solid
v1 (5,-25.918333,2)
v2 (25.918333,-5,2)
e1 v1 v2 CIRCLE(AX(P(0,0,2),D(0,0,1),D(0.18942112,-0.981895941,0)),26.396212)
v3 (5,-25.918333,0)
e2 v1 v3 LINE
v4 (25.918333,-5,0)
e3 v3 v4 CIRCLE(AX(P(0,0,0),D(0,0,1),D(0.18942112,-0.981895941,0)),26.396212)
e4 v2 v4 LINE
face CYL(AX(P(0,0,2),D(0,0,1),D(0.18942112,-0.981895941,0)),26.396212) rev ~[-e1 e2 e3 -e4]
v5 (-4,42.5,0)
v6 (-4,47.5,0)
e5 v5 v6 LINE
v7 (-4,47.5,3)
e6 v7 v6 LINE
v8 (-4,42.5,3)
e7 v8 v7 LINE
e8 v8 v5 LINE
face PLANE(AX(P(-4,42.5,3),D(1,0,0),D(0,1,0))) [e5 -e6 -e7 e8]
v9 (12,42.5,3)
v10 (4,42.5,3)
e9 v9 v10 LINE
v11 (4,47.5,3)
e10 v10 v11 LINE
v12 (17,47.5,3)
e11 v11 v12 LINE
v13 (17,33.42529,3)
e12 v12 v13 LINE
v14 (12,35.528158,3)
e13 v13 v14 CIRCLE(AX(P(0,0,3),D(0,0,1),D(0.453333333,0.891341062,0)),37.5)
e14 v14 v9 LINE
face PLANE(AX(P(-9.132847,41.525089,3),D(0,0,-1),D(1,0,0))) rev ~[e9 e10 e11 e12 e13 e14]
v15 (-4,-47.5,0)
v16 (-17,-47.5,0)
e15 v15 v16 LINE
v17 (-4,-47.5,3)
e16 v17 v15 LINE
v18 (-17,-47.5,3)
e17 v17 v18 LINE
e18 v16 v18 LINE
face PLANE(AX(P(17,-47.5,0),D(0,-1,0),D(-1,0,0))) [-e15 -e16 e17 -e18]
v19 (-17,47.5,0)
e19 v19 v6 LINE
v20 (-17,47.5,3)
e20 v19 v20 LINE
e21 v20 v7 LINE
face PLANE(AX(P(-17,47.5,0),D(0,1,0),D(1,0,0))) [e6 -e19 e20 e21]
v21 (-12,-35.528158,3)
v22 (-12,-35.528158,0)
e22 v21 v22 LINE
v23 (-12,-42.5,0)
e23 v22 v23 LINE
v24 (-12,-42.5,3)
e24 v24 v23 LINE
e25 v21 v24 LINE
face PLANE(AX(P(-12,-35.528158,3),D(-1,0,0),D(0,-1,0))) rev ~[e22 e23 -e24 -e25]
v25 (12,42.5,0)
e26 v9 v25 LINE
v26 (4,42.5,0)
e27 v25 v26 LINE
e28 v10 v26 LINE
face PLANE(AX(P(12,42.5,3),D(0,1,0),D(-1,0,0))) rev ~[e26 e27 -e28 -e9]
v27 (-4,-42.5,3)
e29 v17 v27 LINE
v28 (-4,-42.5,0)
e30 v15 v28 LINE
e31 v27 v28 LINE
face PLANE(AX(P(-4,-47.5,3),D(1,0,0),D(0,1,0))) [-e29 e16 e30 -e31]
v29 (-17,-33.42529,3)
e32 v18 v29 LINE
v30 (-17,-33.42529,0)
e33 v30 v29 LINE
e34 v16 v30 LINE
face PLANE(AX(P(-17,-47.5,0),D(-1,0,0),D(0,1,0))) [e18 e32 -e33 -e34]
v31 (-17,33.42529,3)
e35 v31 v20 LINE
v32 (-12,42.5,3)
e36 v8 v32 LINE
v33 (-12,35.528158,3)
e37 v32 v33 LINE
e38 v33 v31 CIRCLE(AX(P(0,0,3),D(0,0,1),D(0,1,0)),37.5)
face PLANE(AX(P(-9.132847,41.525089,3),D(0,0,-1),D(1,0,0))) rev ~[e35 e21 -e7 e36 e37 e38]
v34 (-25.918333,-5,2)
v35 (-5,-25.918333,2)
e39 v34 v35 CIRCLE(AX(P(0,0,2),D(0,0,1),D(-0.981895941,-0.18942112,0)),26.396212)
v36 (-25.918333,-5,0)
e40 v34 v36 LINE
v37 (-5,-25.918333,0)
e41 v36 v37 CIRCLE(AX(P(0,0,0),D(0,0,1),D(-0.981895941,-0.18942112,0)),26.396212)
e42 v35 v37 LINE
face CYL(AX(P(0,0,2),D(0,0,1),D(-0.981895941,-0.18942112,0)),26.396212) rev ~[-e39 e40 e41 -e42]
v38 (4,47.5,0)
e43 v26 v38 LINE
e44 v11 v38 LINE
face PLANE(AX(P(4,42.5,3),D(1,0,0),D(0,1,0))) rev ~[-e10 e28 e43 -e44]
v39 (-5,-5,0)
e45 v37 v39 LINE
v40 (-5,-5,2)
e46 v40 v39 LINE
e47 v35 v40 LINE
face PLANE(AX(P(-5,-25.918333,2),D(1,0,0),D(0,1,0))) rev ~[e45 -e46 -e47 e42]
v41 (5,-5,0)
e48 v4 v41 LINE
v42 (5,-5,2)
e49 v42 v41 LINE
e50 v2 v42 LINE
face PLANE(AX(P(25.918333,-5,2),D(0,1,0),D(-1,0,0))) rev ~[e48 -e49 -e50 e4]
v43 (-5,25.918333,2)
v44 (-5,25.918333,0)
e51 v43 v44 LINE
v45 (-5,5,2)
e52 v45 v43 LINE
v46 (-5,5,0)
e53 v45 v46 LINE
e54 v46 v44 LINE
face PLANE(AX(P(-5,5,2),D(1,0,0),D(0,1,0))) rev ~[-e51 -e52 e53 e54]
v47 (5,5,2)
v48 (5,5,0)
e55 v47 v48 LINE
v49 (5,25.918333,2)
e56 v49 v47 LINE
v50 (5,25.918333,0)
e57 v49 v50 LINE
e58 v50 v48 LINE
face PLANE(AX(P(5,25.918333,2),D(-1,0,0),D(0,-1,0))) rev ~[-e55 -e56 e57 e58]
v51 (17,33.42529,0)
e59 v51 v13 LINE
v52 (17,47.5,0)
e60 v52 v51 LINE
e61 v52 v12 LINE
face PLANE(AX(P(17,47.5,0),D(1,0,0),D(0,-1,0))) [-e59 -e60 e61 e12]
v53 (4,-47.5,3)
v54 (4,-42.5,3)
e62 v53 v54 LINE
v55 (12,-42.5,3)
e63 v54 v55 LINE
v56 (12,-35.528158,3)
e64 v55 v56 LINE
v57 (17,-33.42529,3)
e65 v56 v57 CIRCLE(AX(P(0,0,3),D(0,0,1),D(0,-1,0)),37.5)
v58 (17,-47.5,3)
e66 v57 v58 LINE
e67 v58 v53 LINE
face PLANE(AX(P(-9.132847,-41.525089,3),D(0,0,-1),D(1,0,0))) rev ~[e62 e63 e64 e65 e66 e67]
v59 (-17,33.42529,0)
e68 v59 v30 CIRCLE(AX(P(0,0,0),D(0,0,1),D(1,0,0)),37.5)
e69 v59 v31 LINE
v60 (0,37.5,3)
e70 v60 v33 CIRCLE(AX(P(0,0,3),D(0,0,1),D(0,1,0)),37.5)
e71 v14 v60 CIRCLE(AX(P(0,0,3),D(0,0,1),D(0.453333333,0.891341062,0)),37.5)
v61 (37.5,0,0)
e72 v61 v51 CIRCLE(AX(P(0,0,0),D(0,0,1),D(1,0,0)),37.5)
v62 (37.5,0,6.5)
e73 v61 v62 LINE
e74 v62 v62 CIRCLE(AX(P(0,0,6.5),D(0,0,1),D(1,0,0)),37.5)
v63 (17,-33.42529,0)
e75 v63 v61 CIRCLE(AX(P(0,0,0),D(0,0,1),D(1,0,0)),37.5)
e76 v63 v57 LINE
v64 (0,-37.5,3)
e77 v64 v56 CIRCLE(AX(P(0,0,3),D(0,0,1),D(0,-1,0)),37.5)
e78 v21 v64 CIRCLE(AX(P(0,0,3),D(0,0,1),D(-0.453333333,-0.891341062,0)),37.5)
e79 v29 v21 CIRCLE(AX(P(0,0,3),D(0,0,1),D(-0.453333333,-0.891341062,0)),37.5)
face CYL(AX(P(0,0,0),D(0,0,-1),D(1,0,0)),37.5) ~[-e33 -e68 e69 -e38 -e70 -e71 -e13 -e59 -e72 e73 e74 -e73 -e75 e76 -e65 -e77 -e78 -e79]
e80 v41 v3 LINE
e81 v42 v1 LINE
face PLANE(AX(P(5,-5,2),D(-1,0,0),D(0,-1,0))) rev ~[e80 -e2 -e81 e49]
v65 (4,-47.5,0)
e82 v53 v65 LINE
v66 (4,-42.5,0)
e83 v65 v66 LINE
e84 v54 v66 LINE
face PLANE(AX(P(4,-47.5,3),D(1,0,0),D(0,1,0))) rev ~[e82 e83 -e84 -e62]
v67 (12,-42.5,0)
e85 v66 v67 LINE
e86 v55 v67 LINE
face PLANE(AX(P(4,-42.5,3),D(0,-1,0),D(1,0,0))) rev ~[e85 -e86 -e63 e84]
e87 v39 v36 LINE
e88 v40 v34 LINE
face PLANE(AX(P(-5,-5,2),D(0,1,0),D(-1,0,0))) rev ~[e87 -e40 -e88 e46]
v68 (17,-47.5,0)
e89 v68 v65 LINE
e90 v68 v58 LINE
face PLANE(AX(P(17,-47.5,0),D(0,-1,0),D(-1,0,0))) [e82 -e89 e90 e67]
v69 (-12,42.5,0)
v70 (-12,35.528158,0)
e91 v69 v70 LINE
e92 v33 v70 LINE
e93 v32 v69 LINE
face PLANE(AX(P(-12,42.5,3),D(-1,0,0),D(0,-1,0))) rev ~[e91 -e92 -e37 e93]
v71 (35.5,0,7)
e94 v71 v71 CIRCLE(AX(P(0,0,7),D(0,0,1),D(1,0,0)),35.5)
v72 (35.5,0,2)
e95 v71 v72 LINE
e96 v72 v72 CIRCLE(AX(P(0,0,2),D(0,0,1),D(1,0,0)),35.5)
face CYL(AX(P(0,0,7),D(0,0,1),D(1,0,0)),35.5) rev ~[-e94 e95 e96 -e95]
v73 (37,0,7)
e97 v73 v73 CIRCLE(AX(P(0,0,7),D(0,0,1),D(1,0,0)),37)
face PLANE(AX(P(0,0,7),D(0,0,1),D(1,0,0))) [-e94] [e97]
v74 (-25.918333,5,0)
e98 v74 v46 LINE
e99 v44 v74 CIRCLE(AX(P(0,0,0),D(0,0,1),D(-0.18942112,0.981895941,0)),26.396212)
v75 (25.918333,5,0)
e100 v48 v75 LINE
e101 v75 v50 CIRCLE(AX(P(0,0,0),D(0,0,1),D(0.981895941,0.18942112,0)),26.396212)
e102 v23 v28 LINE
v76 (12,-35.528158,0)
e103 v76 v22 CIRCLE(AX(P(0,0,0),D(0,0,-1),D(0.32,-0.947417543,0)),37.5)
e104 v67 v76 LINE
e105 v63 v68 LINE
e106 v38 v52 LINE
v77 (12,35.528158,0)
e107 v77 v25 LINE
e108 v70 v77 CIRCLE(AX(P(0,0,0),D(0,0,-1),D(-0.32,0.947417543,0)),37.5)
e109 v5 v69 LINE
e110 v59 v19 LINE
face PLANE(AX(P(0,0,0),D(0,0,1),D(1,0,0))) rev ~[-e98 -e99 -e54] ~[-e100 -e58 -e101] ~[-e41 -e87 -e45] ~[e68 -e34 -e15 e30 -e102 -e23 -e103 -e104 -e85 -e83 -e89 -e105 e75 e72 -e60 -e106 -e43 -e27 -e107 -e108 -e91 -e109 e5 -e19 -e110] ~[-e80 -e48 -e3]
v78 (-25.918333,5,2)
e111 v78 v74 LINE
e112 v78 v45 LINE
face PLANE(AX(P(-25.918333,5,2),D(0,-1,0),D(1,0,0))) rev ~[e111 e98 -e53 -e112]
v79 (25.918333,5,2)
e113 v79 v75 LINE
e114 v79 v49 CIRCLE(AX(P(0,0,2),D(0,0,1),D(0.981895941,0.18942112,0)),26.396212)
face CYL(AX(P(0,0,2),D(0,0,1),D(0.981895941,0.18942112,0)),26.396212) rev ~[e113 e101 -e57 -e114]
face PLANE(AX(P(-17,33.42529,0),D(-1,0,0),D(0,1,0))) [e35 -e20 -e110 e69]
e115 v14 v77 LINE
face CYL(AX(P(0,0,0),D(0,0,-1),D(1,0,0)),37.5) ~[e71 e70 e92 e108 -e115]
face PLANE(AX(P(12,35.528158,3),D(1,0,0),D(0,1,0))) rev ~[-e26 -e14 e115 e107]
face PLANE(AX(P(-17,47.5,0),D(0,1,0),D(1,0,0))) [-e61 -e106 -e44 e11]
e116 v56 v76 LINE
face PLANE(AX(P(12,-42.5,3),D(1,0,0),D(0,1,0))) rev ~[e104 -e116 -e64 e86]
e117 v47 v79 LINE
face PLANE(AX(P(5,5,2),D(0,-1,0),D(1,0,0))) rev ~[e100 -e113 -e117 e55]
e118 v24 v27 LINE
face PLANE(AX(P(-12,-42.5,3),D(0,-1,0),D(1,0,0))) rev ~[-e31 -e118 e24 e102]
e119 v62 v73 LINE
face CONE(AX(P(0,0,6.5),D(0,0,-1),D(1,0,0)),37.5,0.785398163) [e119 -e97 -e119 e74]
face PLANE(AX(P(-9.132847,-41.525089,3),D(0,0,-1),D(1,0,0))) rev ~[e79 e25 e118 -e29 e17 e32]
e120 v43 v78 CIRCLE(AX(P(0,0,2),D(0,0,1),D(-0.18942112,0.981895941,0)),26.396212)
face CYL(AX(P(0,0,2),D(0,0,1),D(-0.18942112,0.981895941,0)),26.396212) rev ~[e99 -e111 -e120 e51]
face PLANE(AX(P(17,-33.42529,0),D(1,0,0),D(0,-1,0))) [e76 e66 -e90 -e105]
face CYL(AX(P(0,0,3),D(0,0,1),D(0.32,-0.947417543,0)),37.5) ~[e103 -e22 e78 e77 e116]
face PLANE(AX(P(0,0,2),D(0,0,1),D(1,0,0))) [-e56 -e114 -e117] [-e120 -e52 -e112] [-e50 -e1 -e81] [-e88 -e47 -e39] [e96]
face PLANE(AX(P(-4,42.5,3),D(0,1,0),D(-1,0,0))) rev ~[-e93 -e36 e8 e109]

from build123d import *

# Parameters (mm, degrees)
F0_R      = 37.5
F1_DEPTH  = 7
F2_R      = 35.5
F3_DEPTH  = 5
F4_SIZE   = 0.5
F6_DEPTH  = 3
F7_W      = 4
F7_H      = 5
F8_DEPTH  = 3
F9_W      = 4
F9_H      = 5
F10_DEPTH = 3
F12_DEPTH = 2


with BuildPart() as f1:
    # F0 (on Top) → F1 (new body)
    with BuildSketch(Plane.XY):
        Circle(F0_R)
    extrude(amount=F1_DEPTH)

    # F2 (on face) → F3 (cut)
    with BuildSketch(Plane.XY.offset(7)):
        Circle(F2_R)
    extrude(amount=-F3_DEPTH, mode=Mode.SUBTRACT)

    # F4
    f4_edges = [f1.edges().sort_by_distance(p)[0] for p in [
        (-37.5, 0, 7),
    ]]
    chamfer(f4_edges, length=F4_SIZE)

    # F5 (on face) → F6 (join)
    with BuildSketch(Plane(origin=(0, 0, 0), x_dir=(1, 0, 0), z_dir=(0, 0, -1))):
        with BuildLine():
            ThreePointArc((-17, 33.4252898267), (-8.740756017, 36.467097283), (0, 37.5))
            Line((0, 37.5), (0, 47.5))
            Line((0, 47.5), (-17, 47.5))
            Line((-17, 47.5), (-17, 33.4252898267))
        make_face()
        with BuildLine():
            Line((0, 47.5), (0, 37.5))
            ThreePointArc((0, 37.5), (8.740756017, 36.467097283), (17, 33.4252898267))
            Line((17, 33.4252898267), (17, 47.5))
            Line((17, 47.5), (0, 47.5))
        make_face()
        with BuildLine():
            Line((0, -47.5), (0, -37.5))
            ThreePointArc((0, -37.5), (-8.740756017, -36.467097283), (-17, -33.4252898267))
            Line((-17, -33.4252898267), (-17, -47.5))
            Line((-17, -47.5), (0, -47.5))
        make_face()
        with BuildLine():
            ThreePointArc((17, -33.4252898267), (8.740756017, -36.467097283), (0, -37.5))
            Line((0, -37.5), (0, -47.5))
            Line((0, -47.5), (17, -47.5))
            Line((17, -47.5), (17, -33.4252898267))
        make_face()
    extrude(amount=-F6_DEPTH)

    # F7 (on face) → F8 (cut, through all)
    with BuildSketch(Plane.XY.offset(3)):
        with BuildLine():
            Line((4, 42.5), (0, 42.5))
            Line((0, 42.5), (-4, 42.5))
            Line((-4, 42.5), (-12, 42.5))
            Line((-12, 42.5), (-12, 35.528157847))
            ThreePointArc((-12, 35.528157847), (0, 37.5), (12, 35.528157847))
            Line((12, 35.528157847), (12, 42.5))
            Line((12, 42.5), (4, 42.5))
        make_face()
        with Locations((2, 45)):
            Rectangle(F7_W, F7_H)
        with Locations((-2, 45)):
            Rectangle(F7_W, F7_H)
    extrude(amount=-F8_DEPTH, mode=Mode.SUBTRACT)

    # F9 (on face) → F10 (cut, through all)
    with BuildSketch(Plane.XY.offset(3)):
        with BuildLine():
            Line((-4, -42.5), (0, -42.5))
            Line((0, -42.5), (4, -42.5))
            Line((4, -42.5), (12, -42.5))
            Line((12, -42.5), (12, -35.528157847))
            ThreePointArc((12, -35.528157847), (0, -37.5), (-12, -35.528157847))
            Line((-12, -35.528157847), (-12, -42.5))
            Line((-12, -42.5), (-4, -42.5))
        make_face()
        with Locations((2, -45)):
            Rectangle(F9_W, F9_H)
        with Locations((-2, -45)):
            Rectangle(F9_W, F9_H)
    extrude(amount=-F10_DEPTH, mode=Mode.SUBTRACT)

    # F11 (on face) → F12 (cut, through all)
    with BuildSketch(Plane.XY.offset(2)):
        with BuildLine():
            Line((5, 5), (25.9183331907, 5))
            ThreePointArc((25.9183331907, 5), (18.6649403345, 18.6649403345), (5, 25.9183331907))
            Line((5, 25.9183331907), (5, 5))
        make_face()
        with BuildLine():
            Line((-5, 5), (-5, 25.9183331907))
            ThreePointArc((-5, 25.9183331907), (-18.6649403345, 18.6649403345), (-25.9183331907, 5))
            Line((-25.9183331907, 5), (-5, 5))
        make_face()
        with BuildLine():
            ThreePointArc((5, -25.9183331907), (18.6649403345, -18.6649403345), (25.9183331907, -5))
            Line((25.9183331907, -5), (5, -5))
            Line((5, -5), (5, -25.9183331907))
        make_face()
        with BuildLine():
            ThreePointArc((-25.9183331907, -5), (-18.6649403345, -18.6649403345), (-5, -25.9183331907))
            Line((-5, -25.9183331907), (-5, -5))
            Line((-5, -5), (-25.9183331907, -5))
        make_face()
    extrude(amount=-F12_DEPTH, mode=Mode.SUBTRACT)


solid = f1.part
